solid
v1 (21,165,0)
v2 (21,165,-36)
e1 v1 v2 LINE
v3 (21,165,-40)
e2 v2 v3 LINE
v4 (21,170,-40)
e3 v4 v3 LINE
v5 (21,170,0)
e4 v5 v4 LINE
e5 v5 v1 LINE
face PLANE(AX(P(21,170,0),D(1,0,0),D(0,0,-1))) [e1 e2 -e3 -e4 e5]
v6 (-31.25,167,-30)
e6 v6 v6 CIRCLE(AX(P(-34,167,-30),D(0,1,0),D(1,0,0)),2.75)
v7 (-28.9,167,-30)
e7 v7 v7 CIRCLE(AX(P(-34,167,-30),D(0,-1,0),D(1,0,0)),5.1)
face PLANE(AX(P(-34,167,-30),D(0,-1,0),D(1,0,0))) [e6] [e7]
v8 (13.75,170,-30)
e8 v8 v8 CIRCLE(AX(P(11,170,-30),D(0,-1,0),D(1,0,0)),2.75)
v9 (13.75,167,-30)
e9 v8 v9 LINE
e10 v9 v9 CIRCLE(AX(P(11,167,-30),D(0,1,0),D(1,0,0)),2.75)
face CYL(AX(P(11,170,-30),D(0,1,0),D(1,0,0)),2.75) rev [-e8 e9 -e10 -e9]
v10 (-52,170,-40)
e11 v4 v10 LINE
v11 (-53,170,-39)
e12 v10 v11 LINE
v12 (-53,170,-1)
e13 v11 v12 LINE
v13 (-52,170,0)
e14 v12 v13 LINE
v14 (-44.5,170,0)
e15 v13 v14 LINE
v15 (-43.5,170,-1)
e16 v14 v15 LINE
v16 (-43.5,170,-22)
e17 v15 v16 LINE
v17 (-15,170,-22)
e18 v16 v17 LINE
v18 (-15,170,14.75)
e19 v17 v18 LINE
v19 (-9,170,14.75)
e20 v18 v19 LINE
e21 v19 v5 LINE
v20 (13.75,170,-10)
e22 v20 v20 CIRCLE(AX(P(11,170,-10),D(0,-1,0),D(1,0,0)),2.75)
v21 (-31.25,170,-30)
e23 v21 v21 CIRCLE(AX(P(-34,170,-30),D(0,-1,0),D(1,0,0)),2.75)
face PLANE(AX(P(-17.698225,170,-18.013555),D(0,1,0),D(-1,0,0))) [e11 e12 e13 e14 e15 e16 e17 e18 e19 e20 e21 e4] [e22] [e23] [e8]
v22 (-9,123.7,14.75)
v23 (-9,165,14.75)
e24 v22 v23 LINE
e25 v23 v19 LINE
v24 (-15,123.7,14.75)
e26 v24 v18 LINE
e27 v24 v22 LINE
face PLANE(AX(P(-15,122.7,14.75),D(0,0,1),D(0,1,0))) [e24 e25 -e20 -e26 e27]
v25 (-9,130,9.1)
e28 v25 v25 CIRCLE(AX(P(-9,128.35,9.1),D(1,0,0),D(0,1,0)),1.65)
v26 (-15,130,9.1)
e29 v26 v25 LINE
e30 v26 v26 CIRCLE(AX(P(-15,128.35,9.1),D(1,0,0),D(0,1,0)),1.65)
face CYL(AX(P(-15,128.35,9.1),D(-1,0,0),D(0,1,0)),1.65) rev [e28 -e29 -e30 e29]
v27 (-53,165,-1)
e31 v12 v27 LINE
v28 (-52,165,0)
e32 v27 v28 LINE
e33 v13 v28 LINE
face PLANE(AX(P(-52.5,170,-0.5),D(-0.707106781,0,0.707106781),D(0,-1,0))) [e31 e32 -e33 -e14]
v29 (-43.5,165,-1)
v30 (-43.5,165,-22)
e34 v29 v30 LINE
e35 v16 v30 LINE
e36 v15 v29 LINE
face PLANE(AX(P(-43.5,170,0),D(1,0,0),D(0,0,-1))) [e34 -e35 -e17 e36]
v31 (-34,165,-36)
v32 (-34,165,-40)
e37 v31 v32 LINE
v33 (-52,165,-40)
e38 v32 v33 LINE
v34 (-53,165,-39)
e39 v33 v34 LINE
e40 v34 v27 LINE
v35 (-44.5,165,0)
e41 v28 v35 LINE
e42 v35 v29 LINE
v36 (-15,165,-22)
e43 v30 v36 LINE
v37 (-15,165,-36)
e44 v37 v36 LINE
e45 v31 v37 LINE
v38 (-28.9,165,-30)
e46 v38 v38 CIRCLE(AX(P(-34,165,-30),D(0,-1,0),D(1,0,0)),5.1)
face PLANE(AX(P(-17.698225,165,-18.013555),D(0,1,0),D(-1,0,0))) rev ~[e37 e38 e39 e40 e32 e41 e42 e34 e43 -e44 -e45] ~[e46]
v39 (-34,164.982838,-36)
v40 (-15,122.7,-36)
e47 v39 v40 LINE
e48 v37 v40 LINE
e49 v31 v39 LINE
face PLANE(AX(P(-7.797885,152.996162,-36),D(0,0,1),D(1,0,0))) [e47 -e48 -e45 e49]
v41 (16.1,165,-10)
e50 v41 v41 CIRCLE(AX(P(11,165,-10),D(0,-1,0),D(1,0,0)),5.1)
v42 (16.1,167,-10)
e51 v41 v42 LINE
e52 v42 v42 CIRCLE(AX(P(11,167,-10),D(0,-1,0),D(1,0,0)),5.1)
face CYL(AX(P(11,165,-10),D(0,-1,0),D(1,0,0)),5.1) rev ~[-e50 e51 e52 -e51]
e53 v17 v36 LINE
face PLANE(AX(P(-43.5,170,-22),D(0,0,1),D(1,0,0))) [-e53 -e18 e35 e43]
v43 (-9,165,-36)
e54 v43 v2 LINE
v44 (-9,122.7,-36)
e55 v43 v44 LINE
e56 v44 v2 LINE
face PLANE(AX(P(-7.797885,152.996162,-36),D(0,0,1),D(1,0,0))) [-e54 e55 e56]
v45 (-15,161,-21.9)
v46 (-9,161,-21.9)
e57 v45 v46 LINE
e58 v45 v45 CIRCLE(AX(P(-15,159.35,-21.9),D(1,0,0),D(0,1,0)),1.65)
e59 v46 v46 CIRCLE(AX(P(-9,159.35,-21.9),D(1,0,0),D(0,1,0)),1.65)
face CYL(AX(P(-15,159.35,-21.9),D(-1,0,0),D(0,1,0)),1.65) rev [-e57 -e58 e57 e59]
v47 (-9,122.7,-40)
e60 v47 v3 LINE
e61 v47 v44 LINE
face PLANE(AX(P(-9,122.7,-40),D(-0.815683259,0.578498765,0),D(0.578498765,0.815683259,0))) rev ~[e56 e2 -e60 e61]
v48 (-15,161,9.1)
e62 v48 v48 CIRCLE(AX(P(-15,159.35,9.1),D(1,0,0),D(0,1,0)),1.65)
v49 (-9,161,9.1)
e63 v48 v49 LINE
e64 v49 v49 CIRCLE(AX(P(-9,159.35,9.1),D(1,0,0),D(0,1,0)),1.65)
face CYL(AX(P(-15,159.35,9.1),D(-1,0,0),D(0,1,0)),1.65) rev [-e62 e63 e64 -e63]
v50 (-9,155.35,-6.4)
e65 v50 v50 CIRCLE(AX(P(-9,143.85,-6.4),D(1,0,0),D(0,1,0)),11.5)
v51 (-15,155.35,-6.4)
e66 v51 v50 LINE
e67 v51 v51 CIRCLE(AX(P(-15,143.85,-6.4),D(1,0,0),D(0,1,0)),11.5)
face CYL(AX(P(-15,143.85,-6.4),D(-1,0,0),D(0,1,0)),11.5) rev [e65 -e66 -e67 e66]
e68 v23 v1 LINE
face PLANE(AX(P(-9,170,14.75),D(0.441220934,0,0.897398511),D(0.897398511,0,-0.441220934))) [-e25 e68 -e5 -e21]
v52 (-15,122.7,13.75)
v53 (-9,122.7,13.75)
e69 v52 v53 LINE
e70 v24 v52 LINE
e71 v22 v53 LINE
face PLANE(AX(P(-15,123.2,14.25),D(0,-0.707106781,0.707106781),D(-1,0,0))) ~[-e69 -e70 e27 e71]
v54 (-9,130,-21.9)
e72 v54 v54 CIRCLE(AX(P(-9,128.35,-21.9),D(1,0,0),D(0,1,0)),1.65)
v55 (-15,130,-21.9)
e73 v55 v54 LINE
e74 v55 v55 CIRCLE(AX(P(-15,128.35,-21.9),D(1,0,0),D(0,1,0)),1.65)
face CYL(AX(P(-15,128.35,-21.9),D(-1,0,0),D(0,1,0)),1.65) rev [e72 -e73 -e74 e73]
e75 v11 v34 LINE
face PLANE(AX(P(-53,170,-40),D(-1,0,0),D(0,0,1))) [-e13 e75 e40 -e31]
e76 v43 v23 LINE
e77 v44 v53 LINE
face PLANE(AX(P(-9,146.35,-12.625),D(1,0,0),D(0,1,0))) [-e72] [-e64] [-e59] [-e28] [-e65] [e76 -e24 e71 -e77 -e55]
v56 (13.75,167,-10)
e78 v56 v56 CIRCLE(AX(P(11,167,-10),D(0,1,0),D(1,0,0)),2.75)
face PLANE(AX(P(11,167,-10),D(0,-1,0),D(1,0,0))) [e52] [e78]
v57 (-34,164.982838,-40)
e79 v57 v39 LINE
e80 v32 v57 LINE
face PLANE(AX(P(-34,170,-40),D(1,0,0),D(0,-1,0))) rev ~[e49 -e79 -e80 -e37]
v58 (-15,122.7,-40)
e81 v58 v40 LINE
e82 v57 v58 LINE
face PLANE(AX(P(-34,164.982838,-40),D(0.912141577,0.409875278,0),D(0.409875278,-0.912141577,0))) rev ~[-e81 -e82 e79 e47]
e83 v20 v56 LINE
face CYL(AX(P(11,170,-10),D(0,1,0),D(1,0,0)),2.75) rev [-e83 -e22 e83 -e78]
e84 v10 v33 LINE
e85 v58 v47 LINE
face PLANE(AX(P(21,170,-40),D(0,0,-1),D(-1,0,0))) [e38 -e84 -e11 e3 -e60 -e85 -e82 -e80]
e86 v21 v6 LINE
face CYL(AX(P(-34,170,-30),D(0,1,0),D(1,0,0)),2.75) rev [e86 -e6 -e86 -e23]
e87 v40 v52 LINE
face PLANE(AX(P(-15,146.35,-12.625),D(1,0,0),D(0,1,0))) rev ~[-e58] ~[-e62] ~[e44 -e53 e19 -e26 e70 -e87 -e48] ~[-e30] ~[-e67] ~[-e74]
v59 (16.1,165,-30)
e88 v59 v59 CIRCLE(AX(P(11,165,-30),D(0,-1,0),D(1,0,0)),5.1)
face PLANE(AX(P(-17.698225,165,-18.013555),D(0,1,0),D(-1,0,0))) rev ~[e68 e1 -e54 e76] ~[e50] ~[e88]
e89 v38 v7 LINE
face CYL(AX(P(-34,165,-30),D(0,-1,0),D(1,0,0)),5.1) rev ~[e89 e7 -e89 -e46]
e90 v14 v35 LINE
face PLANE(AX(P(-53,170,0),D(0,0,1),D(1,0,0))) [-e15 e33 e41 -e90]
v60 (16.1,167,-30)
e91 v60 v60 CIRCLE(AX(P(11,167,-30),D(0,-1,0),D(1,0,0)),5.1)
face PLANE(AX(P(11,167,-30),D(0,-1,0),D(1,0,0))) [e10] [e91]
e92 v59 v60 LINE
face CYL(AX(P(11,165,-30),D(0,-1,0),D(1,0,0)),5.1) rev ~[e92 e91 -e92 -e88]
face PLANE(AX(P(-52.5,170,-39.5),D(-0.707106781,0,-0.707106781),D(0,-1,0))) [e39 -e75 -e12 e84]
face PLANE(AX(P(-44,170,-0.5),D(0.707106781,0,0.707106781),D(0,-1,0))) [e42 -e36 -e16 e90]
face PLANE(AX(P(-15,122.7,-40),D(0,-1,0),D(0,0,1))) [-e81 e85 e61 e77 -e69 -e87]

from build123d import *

# Parameters (mm, degrees)
SKETCH003_W   = 47.3
SKETCH003_H   = 54.75
SKETCH003_R   = 11.5
SKETCH003_R_2 = 1.65
PAD001_DEPTH  = 6
SKETCH005_R   = 2.75
PAD003_DEPTH  = 5
PAD002_DEPTH  = 4
SKETCH_R      = 5.1
POCKET_DEPTH  = 2
CHAMFER_SIZE  = 1


with BuildPart() as part:
    # Sketch003 → Pad001 (new body)
    with BuildSketch(Plane.YZ):
        with Locations((-23.65, 27.375)):
            Rectangle(SKETCH003_W, SKETCH003_H)
        with Locations((-26.15, 33.6)):
            Circle(SKETCH003_R, mode=Mode.SUBTRACT)
        with Locations((-41.65, 49.1)):
            Circle(SKETCH003_R_2, mode=Mode.SUBTRACT)
        with Locations((-10.65, 49.1)):
            Circle(SKETCH003_R_2, mode=Mode.SUBTRACT)
        with Locations((-41.65, 18.1)):
            Circle(SKETCH003_R_2, mode=Mode.SUBTRACT)
        with Locations((-10.65, 18.1)):
            Circle(SKETCH003_R_2, mode=Mode.SUBTRACT)
    extrude(amount=PAD001_DEPTH)

    # Sketch005 → Pad003 (join)
    with BuildSketch(Plane.XZ):
        Polygon((-38, 40), (-28.5, 40), (-28.5, 18), (0, 18), (0, 54.75), (6, 54.75), (36, 40), (36, 0), (-38, 0), align=None)
        with Locations((-19, 10)):
            Circle(SKETCH005_R, mode=Mode.SUBTRACT)
        with Locations((26, 30)):
            Circle(SKETCH005_R, mode=Mode.SUBTRACT)
        with Locations((26, 10)):
            Circle(SKETCH005_R, mode=Mode.SUBTRACT)
    extrude(amount=PAD003_DEPTH)

    # Sketch004 → Pad002 (join)
    with BuildSketch(Plane.XY):
        Polygon((-19, 0), (-19, -5.017162), (0, -47.3), (6, -47.3), (36, -5), (36, 0), align=None)
    extrude(amount=PAD002_DEPTH)

    # Sketch → Pocket (cut)
    with BuildSketch(Plane.XZ.offset(5)):
        with Locations((-19, 10)):
            Circle(SKETCH_R)
        with Locations((26, 30)):
            Circle(SKETCH_R)
        with Locations((26, 10)):
            Circle(SKETCH_R)
    extrude(amount=-POCKET_DEPTH, mode=Mode.SUBTRACT)

    # Chamfer
    chamfer_edges = [part.edges().sort_by_distance(p)[0] for p in [
        (3, -47.3, 54.75),
        (-28.5, -2.5, 40),
        (-38, -2.5, 40),
        (-38, -2.5, 0),
    ]]
    chamfer(chamfer_edges, length=CHAMFER_SIZE)


with BuildPart() as part_1:
    # Body001082 placement: moved
    add(part.part.moved(Location((-15, 170, -40))))


solid = part_1.part
